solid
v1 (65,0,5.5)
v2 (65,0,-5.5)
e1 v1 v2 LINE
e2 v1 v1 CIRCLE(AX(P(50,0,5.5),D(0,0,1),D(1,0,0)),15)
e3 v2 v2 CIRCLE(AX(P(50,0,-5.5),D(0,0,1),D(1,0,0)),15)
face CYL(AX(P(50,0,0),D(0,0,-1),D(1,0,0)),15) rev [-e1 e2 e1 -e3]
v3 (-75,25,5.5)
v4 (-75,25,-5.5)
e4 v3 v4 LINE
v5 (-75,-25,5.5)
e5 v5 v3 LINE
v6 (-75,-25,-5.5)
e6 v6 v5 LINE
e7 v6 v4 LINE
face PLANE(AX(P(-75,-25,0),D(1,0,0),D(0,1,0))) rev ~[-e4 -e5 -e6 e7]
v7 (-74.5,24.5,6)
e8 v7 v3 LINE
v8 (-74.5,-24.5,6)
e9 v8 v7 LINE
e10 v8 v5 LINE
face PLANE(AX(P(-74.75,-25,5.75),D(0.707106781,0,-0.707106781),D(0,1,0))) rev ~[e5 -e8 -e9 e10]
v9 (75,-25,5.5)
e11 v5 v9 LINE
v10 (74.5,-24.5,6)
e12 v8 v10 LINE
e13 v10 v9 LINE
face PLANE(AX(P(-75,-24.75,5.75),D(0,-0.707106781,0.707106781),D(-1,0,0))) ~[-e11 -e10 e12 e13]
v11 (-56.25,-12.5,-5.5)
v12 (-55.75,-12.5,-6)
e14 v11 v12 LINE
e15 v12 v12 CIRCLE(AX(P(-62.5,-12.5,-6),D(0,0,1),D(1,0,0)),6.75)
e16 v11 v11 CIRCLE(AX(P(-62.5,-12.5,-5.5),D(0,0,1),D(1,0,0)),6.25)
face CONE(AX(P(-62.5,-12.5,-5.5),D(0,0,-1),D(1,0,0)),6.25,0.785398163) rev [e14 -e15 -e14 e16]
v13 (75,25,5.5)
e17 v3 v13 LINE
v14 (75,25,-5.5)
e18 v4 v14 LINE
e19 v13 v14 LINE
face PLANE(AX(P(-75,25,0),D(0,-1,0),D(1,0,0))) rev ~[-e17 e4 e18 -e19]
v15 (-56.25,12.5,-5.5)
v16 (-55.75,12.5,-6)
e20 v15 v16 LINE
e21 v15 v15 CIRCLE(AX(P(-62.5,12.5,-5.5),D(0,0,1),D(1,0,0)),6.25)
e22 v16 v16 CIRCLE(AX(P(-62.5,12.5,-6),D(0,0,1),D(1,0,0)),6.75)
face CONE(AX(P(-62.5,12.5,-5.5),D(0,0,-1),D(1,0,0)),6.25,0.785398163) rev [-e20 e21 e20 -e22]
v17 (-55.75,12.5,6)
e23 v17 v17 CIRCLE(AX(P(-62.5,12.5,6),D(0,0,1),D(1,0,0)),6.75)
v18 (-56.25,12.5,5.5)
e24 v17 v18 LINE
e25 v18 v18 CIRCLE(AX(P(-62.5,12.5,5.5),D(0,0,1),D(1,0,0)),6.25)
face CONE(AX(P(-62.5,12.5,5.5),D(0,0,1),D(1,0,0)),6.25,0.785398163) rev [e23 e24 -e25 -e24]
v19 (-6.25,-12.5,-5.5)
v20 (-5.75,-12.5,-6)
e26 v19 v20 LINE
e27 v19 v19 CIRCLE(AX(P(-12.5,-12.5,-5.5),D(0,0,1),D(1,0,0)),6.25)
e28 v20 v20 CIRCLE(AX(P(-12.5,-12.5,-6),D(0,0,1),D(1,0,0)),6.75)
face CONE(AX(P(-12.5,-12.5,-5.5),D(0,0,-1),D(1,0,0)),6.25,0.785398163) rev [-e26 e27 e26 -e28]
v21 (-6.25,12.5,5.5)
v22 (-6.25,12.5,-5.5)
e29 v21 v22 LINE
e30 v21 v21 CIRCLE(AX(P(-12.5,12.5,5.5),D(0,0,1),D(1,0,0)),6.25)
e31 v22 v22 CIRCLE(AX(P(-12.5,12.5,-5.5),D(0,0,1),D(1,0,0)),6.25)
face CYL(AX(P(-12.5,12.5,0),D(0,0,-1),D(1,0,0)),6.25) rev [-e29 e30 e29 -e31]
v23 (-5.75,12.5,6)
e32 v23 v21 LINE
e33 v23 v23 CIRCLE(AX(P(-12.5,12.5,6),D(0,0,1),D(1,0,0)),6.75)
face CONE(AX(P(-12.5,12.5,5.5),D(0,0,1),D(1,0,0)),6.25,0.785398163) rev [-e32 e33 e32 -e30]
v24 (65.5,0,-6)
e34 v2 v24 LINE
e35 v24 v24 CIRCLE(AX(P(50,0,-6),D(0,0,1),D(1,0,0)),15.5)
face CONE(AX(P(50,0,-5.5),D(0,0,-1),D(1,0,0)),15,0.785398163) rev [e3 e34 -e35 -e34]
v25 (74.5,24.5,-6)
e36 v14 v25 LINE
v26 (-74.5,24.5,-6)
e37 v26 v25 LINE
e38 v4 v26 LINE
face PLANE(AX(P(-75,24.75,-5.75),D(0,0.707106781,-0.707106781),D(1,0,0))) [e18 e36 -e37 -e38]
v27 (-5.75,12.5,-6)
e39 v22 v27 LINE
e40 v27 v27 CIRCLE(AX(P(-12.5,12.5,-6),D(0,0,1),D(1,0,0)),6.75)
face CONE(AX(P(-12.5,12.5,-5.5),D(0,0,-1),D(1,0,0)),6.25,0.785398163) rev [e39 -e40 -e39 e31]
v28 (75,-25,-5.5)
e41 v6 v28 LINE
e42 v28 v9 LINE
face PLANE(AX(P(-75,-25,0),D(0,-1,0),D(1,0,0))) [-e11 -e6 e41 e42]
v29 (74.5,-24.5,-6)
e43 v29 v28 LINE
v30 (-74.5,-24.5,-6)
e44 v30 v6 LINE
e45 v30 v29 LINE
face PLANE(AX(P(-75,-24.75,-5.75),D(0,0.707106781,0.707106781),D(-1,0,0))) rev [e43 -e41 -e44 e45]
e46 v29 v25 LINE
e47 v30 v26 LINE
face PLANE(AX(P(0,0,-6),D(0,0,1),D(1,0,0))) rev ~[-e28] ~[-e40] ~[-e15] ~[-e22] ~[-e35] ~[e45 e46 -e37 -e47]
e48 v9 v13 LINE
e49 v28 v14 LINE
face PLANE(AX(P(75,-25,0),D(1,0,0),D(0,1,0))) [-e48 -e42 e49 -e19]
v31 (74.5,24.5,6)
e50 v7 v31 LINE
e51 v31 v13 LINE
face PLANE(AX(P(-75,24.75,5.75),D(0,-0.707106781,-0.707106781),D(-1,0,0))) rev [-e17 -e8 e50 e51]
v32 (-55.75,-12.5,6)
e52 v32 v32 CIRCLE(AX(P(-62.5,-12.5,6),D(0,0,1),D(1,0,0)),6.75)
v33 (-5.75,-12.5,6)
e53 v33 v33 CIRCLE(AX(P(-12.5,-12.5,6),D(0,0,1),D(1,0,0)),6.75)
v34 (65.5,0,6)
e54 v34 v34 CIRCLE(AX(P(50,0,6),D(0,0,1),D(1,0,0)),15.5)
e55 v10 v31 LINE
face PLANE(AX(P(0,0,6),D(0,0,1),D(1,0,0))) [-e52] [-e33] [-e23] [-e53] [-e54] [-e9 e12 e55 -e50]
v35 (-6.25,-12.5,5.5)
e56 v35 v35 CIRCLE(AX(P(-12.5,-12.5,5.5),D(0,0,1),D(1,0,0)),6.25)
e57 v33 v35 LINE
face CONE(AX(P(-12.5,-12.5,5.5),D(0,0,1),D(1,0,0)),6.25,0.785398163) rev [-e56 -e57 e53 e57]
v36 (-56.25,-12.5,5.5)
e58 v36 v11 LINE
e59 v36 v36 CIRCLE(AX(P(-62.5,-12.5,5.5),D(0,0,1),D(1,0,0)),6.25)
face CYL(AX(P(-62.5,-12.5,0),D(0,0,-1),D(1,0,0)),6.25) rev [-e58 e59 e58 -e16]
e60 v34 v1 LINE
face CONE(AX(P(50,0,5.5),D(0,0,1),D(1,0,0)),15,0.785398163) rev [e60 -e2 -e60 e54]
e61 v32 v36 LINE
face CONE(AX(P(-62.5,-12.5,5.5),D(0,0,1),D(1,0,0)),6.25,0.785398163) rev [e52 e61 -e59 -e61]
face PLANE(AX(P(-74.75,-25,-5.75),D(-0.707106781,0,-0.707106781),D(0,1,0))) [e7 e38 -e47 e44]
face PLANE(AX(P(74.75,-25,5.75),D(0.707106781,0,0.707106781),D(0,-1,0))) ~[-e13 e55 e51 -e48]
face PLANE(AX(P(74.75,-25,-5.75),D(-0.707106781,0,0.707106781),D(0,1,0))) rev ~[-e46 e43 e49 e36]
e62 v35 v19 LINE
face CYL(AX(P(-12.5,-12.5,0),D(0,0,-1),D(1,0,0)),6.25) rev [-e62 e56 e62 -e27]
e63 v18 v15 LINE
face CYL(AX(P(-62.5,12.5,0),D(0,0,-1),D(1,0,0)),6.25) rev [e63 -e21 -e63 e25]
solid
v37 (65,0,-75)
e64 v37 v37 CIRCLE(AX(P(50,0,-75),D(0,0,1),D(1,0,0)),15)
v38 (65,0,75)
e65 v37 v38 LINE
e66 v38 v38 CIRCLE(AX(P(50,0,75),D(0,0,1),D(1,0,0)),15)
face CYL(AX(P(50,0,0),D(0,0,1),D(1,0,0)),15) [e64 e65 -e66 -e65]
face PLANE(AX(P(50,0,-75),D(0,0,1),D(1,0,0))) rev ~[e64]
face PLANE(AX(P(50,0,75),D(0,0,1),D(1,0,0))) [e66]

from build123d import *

# Parameters (mm, degrees)
F0_W     = 150
F0_H     = 50
F0_R     = 6.25
F0_R_2   = 15
F1_DEPTH = 6
F2_SIZE  = 0.5
F3_DEPTH = 75


with BuildPart() as f1:
    # F0 (on Top) → F1 (new body, symmetric)
    with BuildSketch(Plane.XY):
        Rectangle(F0_W, F0_H)
        with Locations((-62.5, -12.5)):
            Circle(F0_R, mode=Mode.SUBTRACT)
        with Locations((-12.5, -12.5)):
            Circle(F0_R, mode=Mode.SUBTRACT)
        with Locations((-62.5, 12.5)):
            Circle(F0_R, mode=Mode.SUBTRACT)
        with Locations((-12.5, 12.5)):
            Circle(F0_R, mode=Mode.SUBTRACT)
        with Locations((50, 0)):
            Circle(F0_R_2, mode=Mode.SUBTRACT)
    extrude(amount=F1_DEPTH, both=True)

    # F2
    f2_edges = [f1.edges().sort_by_distance(p)[0] for p in [
        (0, -25, 6),
        (75, 0, 6),
        (0, 25, 6),
        (-75, 0, 6),
        (-68.75, -12.5, 6),
        (-18.75, -12.5, 6),
        (-68.75, 12.5, 6),
        (-18.75, 12.5, 6),
        (35, 0, 6),
        (0, -25, -6),
        (75, 0, -6),
        (0, 25, -6),
        (-75, 0, -6),
        (-68.75, -12.5, -6),
        (-18.75, -12.5, -6),
        (-68.75, 12.5, -6),
        (-18.75, 12.5, -6),
        (35, 0, -6),
    ]]
    chamfer(f2_edges, length=F2_SIZE)


with BuildPart() as f3:
    # F0 (on Top) → F3 (new body, symmetric)
    with BuildSketch(Plane.XY):
        with Locations((50, 0)):
            Circle(F0_R_2)
    extrude(amount=F3_DEPTH, both=True)


solid = Compound([f1.part, f3.part])
